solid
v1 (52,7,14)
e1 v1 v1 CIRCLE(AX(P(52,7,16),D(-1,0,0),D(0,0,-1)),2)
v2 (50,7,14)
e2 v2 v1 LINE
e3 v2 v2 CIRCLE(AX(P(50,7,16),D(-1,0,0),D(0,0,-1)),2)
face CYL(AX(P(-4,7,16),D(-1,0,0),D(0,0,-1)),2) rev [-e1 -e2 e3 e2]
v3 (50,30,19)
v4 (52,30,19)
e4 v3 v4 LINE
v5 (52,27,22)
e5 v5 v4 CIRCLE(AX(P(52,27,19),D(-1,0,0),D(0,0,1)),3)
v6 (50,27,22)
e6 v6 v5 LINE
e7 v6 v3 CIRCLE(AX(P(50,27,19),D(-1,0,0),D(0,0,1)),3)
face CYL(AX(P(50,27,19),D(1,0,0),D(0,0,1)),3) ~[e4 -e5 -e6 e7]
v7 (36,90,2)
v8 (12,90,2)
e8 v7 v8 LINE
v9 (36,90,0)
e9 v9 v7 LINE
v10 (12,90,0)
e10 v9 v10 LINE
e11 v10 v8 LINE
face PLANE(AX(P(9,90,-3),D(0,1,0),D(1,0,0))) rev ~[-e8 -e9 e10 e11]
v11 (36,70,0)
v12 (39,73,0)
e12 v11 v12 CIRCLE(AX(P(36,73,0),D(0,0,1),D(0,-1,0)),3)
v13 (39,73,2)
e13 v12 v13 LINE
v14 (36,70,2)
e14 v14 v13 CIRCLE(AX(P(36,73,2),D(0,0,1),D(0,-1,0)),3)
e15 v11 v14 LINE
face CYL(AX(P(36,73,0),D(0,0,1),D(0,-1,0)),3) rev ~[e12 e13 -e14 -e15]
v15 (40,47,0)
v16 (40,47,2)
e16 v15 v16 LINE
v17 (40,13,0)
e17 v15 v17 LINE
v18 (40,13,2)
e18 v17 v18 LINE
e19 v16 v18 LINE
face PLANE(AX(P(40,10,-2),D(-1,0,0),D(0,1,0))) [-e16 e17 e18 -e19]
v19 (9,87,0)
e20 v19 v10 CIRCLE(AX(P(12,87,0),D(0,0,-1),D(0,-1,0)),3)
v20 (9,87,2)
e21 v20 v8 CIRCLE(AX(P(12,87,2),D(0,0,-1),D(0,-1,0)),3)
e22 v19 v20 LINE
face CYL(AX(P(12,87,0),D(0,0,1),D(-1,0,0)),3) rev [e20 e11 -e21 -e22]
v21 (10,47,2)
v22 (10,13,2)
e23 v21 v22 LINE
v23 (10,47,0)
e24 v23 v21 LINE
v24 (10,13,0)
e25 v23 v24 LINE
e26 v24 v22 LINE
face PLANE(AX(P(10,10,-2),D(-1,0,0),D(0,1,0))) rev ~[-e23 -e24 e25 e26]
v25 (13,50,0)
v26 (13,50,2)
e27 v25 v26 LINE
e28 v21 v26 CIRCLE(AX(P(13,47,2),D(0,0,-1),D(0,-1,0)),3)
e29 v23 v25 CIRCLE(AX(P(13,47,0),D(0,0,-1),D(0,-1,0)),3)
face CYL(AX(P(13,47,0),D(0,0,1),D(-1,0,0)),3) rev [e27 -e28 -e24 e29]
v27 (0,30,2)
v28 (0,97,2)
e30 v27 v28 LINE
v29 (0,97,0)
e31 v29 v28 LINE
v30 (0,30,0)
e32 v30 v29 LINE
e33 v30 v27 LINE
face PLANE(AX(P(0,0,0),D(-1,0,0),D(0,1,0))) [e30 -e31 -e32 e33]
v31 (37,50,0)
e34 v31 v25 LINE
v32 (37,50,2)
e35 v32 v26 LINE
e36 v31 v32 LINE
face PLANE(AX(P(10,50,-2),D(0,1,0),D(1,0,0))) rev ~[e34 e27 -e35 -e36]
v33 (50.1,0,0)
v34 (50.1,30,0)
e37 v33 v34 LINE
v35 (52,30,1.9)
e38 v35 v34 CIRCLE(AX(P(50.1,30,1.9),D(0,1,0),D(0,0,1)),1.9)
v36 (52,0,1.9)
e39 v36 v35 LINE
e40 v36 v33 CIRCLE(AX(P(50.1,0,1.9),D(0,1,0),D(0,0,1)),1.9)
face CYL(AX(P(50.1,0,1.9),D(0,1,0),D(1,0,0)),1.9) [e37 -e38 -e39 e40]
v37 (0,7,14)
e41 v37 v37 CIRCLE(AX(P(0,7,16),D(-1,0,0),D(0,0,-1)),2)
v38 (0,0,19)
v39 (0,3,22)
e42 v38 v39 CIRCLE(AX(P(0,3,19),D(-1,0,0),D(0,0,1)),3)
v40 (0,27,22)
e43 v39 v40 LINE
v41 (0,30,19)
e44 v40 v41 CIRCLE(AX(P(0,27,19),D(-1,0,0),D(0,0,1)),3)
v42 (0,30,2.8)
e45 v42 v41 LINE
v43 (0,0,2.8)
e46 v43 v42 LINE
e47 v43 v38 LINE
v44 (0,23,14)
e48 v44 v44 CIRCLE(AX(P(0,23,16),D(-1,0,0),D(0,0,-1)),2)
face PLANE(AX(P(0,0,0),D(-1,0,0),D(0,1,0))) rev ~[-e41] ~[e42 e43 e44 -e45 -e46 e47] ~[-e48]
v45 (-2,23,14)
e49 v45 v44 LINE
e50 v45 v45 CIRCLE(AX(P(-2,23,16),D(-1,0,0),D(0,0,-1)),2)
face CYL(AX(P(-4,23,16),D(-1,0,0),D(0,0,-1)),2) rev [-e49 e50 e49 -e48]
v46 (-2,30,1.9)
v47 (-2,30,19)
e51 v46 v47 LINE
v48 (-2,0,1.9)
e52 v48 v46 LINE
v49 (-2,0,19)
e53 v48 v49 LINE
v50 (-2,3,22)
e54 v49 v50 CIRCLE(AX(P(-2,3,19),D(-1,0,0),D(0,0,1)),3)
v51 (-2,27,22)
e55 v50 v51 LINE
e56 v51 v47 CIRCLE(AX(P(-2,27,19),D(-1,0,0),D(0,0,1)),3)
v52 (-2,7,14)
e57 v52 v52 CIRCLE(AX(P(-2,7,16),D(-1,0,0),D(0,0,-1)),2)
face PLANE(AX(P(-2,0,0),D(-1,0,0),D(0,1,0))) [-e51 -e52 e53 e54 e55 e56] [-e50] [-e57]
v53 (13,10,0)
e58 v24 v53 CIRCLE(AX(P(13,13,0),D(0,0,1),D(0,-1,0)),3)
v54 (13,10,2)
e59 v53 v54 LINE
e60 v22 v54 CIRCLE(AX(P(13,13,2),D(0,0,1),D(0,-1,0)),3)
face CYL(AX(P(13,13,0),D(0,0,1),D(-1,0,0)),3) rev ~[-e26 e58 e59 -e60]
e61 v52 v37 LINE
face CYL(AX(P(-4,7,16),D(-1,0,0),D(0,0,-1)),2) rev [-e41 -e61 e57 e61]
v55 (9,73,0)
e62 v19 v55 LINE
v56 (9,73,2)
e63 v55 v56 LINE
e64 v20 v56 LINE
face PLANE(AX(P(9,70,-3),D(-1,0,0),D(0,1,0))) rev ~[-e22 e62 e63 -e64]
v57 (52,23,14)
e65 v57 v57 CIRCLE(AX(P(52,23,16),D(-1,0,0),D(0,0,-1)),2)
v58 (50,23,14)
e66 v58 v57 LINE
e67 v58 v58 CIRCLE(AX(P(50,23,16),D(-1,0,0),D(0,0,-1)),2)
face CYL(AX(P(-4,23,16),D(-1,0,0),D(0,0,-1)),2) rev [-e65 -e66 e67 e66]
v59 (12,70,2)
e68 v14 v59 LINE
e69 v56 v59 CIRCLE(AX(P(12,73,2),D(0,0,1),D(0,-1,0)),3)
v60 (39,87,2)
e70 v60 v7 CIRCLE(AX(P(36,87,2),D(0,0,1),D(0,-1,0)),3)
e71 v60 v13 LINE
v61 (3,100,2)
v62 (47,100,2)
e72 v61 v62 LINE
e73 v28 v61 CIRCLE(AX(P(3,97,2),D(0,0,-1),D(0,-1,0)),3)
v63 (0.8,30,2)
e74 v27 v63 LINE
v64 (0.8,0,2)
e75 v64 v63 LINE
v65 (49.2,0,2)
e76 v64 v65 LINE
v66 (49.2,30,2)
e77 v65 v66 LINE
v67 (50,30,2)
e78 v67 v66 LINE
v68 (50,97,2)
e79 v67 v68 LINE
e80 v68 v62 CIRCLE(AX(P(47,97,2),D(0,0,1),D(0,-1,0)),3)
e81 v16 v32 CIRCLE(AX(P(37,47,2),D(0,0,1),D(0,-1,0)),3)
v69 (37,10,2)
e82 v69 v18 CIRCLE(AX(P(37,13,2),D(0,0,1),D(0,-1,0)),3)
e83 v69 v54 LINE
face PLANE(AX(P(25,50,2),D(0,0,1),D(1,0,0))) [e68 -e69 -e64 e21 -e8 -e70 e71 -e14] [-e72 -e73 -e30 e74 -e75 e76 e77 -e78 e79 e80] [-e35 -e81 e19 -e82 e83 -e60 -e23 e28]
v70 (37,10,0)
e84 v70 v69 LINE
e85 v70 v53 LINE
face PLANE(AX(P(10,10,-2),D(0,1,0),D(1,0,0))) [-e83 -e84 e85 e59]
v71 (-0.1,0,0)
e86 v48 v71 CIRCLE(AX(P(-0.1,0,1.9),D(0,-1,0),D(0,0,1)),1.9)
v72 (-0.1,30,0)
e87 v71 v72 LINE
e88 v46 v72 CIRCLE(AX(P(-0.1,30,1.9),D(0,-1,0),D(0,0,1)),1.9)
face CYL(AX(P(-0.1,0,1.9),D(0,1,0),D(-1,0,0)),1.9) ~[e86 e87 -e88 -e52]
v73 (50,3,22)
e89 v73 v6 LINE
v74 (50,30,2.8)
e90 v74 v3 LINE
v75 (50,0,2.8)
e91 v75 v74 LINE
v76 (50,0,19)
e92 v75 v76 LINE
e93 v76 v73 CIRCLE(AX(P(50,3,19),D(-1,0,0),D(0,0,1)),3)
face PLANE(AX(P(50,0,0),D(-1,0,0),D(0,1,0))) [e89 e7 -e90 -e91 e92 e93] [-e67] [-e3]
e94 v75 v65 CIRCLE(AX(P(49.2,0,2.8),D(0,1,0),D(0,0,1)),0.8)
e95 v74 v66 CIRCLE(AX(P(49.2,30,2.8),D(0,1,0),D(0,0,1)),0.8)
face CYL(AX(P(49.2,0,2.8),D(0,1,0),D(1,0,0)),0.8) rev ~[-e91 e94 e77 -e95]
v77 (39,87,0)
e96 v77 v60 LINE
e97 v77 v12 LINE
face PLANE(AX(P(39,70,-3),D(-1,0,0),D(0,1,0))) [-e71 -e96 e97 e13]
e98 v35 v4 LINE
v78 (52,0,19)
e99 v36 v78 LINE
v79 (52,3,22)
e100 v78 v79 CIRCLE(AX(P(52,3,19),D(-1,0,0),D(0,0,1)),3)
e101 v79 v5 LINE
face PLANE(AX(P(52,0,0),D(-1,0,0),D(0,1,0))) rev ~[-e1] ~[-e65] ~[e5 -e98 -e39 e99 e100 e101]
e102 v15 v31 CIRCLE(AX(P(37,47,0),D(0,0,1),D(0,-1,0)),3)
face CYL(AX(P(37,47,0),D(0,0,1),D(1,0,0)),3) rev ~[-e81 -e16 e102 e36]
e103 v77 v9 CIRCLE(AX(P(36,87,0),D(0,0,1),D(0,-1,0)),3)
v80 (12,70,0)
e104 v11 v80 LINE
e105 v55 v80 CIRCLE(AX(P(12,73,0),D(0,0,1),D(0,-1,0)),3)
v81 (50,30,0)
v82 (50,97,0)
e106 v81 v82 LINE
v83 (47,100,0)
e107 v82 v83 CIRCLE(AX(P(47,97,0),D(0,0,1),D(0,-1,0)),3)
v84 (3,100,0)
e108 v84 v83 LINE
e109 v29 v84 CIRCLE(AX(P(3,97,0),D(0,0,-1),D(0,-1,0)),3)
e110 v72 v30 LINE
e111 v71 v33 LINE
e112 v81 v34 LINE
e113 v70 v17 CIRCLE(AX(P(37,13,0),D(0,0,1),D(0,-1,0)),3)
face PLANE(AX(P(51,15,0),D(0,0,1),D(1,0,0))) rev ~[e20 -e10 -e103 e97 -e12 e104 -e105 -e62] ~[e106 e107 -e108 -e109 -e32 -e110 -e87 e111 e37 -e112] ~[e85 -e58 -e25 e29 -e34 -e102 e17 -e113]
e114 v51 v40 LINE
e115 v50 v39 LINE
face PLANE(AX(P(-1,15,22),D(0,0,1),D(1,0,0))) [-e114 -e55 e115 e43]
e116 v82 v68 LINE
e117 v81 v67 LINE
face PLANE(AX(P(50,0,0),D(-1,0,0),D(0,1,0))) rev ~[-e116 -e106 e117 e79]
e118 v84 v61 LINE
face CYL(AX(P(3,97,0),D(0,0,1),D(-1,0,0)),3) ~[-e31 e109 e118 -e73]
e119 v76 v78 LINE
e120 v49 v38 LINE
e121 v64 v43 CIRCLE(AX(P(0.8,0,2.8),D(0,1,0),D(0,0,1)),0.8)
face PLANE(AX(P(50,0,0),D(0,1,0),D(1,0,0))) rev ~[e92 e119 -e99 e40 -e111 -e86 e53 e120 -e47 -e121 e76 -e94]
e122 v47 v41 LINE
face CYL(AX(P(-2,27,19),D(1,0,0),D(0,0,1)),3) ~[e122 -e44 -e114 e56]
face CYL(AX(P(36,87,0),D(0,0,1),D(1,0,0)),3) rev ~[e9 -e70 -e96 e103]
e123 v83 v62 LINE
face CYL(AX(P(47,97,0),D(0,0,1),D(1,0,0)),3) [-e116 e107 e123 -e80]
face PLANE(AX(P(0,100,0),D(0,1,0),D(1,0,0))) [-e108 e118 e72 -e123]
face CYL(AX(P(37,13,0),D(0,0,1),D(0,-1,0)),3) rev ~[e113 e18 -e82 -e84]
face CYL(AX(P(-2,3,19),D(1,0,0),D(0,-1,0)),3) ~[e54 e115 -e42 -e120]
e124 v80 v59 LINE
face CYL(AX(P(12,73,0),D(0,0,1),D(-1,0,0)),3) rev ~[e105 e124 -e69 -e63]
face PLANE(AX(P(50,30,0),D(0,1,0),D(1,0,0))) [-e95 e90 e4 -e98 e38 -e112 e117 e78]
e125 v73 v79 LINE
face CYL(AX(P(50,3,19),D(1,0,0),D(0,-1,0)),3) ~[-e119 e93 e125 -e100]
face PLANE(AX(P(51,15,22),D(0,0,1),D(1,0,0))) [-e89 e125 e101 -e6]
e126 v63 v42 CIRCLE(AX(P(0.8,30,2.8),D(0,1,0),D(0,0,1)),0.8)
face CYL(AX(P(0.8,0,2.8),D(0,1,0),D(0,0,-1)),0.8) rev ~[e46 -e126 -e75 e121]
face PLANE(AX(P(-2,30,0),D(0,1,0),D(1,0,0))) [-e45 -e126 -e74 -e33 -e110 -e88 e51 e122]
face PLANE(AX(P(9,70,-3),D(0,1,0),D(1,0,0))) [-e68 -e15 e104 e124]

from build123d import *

# Parameters (mm, degrees)
BOX004_W          = 30
BOX004_H          = 20
BOX004_DEPTH      = 7
BOX003_W          = 30
BOX003_H          = 40
BOX003_DEPTH      = 6
CYLINDER001_R     = 2
CYLINDER001_DEPTH = 59
CYLINDER_R        = 2
CYLINDER_DEPTH    = 59
BOX002_W          = 2
BOX002_H          = 30
BOX002_DEPTH      = 22
FILLET_R          = 1.9
BOX001_W          = 2
BOX001_H          = 30
BOX001_DEPTH      = 22
FILLET001_R       = 1.9
BOX_W             = 50
BOX_H             = 100
BOX_DEPTH         = 2
FILLET002_R       = 0.8
FILLET003_R       = 3
FILLET004_R       = 3
FILLET005_R       = 3
FILLET006_R       = 3


with BuildPart() as cub001:
    # Box004 → Box004 (new body)
    with BuildSketch(Plane(origin=(9, 70, -3), x_dir=(1, 0, 0), z_dir=(0, 0, 1))):
        with Locations((15, 10)):
            Rectangle(BOX004_W, BOX004_H)
    extrude(amount=BOX004_DEPTH)


with BuildPart() as cub:
    # Box003 → Box003 (new body)
    with BuildSketch(Plane(origin=(10, 10, -2), x_dir=(1, 0, 0), z_dir=(0, 0, 1))):
        with Locations((15, 20)):
            Rectangle(BOX003_W, BOX003_H)
    extrude(amount=BOX003_DEPTH)


with BuildPart() as cilindre001:
    # Cylinder001 → Cylinder001 (new body)
    with BuildSketch(Plane(origin=(-4, 23, 13), x_dir=(0, 0, -1), z_dir=(1, 0, 0))):
        Circle(CYLINDER001_R)
    extrude(amount=CYLINDER001_DEPTH)


with BuildPart() as cylinders:
    # Cylinder → Cylinder (new body)
    with BuildSketch(Plane(origin=(-4, 7, 13), x_dir=(0, 0, -1), z_dir=(1, 0, 0))):
        Circle(CYLINDER_R)
    extrude(amount=CYLINDER_DEPTH)

    # Fusion001: union Cilindre001
    add(cilindre001.part)


with BuildPart() as cylinders_1:
    # Fusion001 placement: moved
    add(cylinders.part.moved(Location((0, 0, 3))))


with BuildPart() as fillet_body:
    # Box002 → Box002 (new body)
    with BuildSketch(Plane(origin=(-2, 0, 0), x_dir=(1, 0, 0), z_dir=(0, 0, 1))):
        with Locations((1, 15)):
            Rectangle(BOX002_W, BOX002_H)
    extrude(amount=BOX002_DEPTH)

    # Fillet
    fillet_edges = [fillet_body.edges().sort_by_distance(p)[0] for p in [
        (-2, 15, 0),
    ]]
    fillet(fillet_edges, radius=FILLET_R)


with BuildPart() as fillet001:
    # Box001 → Box001 (new body)
    with BuildSketch(Plane(origin=(50, 0, 0), x_dir=(1, 0, 0), z_dir=(0, 0, 1))):
        with Locations((1, 15)):
            Rectangle(BOX001_W, BOX001_H)
    extrude(amount=BOX001_DEPTH)

    # Fillet001
    fillet001_edges = [fillet001.edges().sort_by_distance(p)[0] for p in [
        (52, 15, 0),
    ]]
    fillet(fillet001_edges, radius=FILLET001_R)


with BuildPart() as universal_suport:
    # Box → Box (new body)
    with BuildSketch(Plane.XY):
        with Locations((25, 50)):
            Rectangle(BOX_W, BOX_H)
    extrude(amount=BOX_DEPTH)

    # Fusion: union Fillet body, Fillet001
    add(fillet_body.part)
    add(fillet001.part)

    # Fillet002
    fillet002_edges = [universal_suport.edges().sort_by_distance(p)[0] for p in [
        (0, 15, 2),
        (50, 15, 2),
    ]]
    fillet(fillet002_edges, radius=FILLET002_R)

    # Cut: cut cylinders
    add(cylinders_1.part, mode=Mode.SUBTRACT)

    # Fillet003
    fillet003_edges = [universal_suport.edges().sort_by_distance(p)[0] for p in [
        (-1, 30, 22),
        (-1, 0, 22),
        (51, 0, 22),
        (51, 30, 22),
    ]]
    fillet(fillet003_edges, radius=FILLET003_R)

    # Fillet004
    fillet004_edges = [universal_suport.edges().sort_by_distance(p)[0] for p in [
        (0, 100, 1),
        (50, 100, 1),
    ]]
    fillet(fillet004_edges, radius=FILLET004_R)

    # Cut001: cut Cub
    add(cub.part, mode=Mode.SUBTRACT)

    # Fillet005
    fillet005_edges = [universal_suport.edges().sort_by_distance(p)[0] for p in [
        (40, 10, 1),
        (10, 10, 1),
        (40, 50, 1),
        (10, 50, 1),
    ]]
    fillet(fillet005_edges, radius=FILLET005_R)

    # Cut002: cut Cub001
    add(cub001.part, mode=Mode.SUBTRACT)

    # Fillet006
    fillet006_edges = [universal_suport.edges().sort_by_distance(p)[0] for p in [
        (39, 70, 1),
        (9, 70, 1),
        (39, 90, 1),
        (9, 90, 1),
    ]]
    fillet(fillet006_edges, radius=FILLET006_R)


solid = universal_suport.part
